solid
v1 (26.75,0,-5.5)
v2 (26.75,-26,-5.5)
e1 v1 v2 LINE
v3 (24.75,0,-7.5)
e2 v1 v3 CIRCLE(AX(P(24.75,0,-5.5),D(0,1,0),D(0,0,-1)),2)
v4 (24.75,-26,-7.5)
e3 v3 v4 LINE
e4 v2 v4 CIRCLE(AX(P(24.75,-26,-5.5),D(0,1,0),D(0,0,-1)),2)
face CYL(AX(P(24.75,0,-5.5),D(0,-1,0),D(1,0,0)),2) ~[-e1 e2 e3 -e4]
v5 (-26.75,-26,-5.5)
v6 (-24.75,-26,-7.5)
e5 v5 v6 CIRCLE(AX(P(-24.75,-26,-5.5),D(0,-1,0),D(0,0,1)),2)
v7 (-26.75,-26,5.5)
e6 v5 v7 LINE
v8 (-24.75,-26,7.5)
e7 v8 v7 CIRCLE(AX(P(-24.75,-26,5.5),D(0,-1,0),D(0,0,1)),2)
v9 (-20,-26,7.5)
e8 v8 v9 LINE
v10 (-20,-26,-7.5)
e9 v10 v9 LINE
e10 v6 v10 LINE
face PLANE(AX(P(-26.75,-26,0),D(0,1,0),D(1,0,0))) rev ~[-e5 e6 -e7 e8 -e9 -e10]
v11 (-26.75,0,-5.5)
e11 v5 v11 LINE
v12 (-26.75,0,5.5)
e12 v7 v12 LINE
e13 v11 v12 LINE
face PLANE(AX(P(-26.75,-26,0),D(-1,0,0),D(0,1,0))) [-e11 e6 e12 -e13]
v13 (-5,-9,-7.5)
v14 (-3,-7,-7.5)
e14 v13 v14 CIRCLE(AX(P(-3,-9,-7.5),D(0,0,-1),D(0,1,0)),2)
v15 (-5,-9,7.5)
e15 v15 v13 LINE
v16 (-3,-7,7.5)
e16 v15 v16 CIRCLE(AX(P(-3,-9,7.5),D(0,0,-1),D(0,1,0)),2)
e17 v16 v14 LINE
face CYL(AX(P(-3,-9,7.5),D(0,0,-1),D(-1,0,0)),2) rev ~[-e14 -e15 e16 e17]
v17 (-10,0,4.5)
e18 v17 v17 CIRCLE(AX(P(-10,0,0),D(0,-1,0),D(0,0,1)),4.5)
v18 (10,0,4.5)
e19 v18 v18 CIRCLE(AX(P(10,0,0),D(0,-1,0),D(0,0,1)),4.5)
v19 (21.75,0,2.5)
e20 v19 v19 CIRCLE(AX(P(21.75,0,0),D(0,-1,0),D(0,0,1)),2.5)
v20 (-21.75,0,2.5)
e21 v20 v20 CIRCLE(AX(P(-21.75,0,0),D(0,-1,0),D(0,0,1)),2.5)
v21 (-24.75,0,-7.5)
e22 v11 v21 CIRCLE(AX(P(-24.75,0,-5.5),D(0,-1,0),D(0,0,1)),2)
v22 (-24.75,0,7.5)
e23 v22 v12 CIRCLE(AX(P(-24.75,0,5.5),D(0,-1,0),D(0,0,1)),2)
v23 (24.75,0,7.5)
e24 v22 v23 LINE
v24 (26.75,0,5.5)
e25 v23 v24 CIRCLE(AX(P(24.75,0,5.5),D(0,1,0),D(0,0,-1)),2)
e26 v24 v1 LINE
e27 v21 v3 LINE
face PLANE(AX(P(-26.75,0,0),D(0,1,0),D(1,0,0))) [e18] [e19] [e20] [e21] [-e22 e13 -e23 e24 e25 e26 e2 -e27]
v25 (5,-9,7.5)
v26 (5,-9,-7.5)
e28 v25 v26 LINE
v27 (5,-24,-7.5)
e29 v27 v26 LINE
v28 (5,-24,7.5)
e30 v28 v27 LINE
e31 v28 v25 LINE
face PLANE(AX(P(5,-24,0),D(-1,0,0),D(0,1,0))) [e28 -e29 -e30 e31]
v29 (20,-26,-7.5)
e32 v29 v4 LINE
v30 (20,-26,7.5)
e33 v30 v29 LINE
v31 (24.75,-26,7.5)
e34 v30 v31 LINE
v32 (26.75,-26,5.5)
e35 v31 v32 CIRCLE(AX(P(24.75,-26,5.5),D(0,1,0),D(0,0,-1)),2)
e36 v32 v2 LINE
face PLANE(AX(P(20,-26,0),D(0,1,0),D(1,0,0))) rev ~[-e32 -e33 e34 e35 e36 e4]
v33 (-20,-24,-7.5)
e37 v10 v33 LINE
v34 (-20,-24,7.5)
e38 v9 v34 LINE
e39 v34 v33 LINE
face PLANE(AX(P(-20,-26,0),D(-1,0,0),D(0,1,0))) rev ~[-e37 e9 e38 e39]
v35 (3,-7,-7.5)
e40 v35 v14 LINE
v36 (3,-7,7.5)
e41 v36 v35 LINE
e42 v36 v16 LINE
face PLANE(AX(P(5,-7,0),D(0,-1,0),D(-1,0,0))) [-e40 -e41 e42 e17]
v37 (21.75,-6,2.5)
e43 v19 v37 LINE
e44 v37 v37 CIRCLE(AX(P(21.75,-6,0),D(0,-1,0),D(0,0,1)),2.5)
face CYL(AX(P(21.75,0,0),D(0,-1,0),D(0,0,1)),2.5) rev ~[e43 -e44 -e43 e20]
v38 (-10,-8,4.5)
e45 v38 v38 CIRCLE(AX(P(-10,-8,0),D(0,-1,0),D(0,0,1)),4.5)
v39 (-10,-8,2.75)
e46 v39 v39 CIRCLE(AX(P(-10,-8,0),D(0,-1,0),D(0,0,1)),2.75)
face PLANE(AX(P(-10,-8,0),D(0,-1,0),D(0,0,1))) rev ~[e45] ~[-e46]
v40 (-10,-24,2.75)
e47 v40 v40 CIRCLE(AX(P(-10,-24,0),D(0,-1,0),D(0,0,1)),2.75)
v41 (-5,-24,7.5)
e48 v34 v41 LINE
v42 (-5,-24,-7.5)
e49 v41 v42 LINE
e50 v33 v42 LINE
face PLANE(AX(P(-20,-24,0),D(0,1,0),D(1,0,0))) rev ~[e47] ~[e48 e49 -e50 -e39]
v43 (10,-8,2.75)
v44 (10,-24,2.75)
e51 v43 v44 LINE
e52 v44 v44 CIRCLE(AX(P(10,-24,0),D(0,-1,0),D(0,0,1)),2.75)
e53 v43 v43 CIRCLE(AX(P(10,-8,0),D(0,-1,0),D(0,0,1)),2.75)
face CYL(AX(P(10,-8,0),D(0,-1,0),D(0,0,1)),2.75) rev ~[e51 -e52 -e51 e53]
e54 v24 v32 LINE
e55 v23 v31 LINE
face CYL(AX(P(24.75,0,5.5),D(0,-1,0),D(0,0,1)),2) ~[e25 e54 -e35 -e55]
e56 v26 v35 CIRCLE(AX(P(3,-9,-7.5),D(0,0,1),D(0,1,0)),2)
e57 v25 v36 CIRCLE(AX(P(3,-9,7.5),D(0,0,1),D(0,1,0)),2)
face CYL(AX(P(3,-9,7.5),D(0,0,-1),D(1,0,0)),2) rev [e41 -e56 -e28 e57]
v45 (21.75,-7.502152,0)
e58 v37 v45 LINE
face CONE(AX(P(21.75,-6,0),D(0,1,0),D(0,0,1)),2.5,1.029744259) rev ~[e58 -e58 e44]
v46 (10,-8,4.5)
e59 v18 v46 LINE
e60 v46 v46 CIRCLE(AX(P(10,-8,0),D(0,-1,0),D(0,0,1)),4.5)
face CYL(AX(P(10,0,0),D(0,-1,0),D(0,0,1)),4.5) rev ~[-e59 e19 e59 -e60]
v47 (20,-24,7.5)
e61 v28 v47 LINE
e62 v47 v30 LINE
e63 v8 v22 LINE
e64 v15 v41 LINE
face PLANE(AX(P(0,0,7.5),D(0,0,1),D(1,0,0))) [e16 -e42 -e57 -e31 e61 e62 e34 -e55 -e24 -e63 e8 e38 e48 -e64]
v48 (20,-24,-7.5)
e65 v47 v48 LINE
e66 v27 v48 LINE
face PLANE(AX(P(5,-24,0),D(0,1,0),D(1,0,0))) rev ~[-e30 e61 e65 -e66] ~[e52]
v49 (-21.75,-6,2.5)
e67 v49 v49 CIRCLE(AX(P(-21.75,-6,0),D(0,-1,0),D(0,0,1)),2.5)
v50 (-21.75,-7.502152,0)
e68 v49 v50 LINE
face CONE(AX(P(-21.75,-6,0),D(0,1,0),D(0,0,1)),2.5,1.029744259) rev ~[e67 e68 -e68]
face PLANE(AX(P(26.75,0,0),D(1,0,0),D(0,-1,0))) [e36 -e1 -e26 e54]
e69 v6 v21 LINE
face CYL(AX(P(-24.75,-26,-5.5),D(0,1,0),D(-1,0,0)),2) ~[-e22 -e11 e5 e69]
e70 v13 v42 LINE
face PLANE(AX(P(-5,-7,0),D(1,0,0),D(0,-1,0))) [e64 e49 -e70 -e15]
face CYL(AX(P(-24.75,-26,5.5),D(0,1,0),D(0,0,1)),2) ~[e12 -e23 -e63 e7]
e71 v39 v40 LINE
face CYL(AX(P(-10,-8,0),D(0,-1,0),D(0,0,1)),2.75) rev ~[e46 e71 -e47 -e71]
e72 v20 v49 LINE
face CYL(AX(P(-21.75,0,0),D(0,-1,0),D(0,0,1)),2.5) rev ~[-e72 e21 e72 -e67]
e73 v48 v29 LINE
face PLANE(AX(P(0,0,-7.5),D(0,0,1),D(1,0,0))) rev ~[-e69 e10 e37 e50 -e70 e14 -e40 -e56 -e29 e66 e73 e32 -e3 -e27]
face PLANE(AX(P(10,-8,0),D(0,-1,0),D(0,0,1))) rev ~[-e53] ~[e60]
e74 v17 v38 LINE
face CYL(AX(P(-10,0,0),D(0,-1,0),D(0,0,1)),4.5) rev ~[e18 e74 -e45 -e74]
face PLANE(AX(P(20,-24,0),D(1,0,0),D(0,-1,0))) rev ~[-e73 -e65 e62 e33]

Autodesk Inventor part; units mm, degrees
ref_plane "YZ Plane" through (0, 0, 0) normal (1, 0, 0) x (0, 1, 0)
ref_plane "XZ Plane" through (0, 0, 0) normal (0, 1, 0) x (-1, 0, 0)
ref_plane "XY Plane" through (0, 0, 0) normal (0, 0, 1) x (1, 0, 0)
sketch "スケッチ1" plane through (0, 0, 0) normal (0, 0, 1) x (1, 0, 0)
  line L0 (-26.75, 0) -> (26.75, 0)
  line L1 (26.75, 0) -> (26.75, -26)
  line L2 (5, -24) -> (5, -7)
  line L3 (5, -7) -> (-5, -7)
  line L4 (-5, -7) -> (-5, -24)
  line L5 (-26.75, -26) -> (-26.75, 0)
  line L6 (-26.75, -26) -> (-20, -26)
  line L7 (-20, -26) -> (-20, -24)
  line L8 (-20, -24) -> (-5, -24)
  line L9 (5, -24) -> (20, -24)
  line L10 (20, -24) -> (20, -26)
  line L11 (20, -26) -> (26.75, -26)
  point P0 (0, 0)
  dimension "d0" = 53.5
  dimension "d1" = 10
  dimension "d2" = 5
  dimension "d3" = 26.75
  dimension "d4" = 40
  dimension "d5" = 20
  dimension "d6" = 17
  dimension "d7" = 2
  dimension "d29" = 24
extrude "押し出し1" add sketch "スケッチ1" along normal mid plane 15
sketch "スケッチ2" plane through (-26.75, 0, 7.5) normal (0, 1, 0) x (1, 0, 0)
  point P0 (26.75, 7.5)
  point P1 (16.75, 7.5)
  point P2 (36.75, 7.5)
  dimension "d11" = 10
  dimension "d12" = 10
hole "穴1" at (-10, 0, 0) at (10, 0, 0) direction (0, -1, 0) diameter 5.5 end through all counterbore diameter 9 counterbore depth 8 clearance for "Socket Head Cap Screw" size "M5" standard "Ansi Metric M Profile"
sketch "スケッチ3" plane through (-26.75, 0, 7.5) normal (0, 1, 0) x (1, 0, 0)
  point P0 (26.75, 7.5)
  point P1 (5, 7.5)
  point P2 (48.5, 7.5)
  dimension "d20" = 21.75
  dimension "d21" = 21.75
hole "穴2" at (-21.75, 0, 0) at (21.75, 0, 0) direction (0, -1, 0) diameter 5 depth 6 tip angle 118
fillet "フィレット1" radius 2 4 edges at (-26.75, -13, -7.5) (-26.75, -13, 7.5) (26.75, -13, -7.5) (26.75, -13, 7.5)
fillet "フィレット2" radius 2 2 edges at (5, -7, 0) (-5, -7, 0)
equation "\"d2\" = 0.5 * d1"
equation "\"d3\" = 0.5 * d0"
equation "\"d5\" = 0.5 * d4"
equation "\"d12\" = d11"
equation "\"d21\" = d20"
properties part number "scara-base7" material "ABS プラスチック"
